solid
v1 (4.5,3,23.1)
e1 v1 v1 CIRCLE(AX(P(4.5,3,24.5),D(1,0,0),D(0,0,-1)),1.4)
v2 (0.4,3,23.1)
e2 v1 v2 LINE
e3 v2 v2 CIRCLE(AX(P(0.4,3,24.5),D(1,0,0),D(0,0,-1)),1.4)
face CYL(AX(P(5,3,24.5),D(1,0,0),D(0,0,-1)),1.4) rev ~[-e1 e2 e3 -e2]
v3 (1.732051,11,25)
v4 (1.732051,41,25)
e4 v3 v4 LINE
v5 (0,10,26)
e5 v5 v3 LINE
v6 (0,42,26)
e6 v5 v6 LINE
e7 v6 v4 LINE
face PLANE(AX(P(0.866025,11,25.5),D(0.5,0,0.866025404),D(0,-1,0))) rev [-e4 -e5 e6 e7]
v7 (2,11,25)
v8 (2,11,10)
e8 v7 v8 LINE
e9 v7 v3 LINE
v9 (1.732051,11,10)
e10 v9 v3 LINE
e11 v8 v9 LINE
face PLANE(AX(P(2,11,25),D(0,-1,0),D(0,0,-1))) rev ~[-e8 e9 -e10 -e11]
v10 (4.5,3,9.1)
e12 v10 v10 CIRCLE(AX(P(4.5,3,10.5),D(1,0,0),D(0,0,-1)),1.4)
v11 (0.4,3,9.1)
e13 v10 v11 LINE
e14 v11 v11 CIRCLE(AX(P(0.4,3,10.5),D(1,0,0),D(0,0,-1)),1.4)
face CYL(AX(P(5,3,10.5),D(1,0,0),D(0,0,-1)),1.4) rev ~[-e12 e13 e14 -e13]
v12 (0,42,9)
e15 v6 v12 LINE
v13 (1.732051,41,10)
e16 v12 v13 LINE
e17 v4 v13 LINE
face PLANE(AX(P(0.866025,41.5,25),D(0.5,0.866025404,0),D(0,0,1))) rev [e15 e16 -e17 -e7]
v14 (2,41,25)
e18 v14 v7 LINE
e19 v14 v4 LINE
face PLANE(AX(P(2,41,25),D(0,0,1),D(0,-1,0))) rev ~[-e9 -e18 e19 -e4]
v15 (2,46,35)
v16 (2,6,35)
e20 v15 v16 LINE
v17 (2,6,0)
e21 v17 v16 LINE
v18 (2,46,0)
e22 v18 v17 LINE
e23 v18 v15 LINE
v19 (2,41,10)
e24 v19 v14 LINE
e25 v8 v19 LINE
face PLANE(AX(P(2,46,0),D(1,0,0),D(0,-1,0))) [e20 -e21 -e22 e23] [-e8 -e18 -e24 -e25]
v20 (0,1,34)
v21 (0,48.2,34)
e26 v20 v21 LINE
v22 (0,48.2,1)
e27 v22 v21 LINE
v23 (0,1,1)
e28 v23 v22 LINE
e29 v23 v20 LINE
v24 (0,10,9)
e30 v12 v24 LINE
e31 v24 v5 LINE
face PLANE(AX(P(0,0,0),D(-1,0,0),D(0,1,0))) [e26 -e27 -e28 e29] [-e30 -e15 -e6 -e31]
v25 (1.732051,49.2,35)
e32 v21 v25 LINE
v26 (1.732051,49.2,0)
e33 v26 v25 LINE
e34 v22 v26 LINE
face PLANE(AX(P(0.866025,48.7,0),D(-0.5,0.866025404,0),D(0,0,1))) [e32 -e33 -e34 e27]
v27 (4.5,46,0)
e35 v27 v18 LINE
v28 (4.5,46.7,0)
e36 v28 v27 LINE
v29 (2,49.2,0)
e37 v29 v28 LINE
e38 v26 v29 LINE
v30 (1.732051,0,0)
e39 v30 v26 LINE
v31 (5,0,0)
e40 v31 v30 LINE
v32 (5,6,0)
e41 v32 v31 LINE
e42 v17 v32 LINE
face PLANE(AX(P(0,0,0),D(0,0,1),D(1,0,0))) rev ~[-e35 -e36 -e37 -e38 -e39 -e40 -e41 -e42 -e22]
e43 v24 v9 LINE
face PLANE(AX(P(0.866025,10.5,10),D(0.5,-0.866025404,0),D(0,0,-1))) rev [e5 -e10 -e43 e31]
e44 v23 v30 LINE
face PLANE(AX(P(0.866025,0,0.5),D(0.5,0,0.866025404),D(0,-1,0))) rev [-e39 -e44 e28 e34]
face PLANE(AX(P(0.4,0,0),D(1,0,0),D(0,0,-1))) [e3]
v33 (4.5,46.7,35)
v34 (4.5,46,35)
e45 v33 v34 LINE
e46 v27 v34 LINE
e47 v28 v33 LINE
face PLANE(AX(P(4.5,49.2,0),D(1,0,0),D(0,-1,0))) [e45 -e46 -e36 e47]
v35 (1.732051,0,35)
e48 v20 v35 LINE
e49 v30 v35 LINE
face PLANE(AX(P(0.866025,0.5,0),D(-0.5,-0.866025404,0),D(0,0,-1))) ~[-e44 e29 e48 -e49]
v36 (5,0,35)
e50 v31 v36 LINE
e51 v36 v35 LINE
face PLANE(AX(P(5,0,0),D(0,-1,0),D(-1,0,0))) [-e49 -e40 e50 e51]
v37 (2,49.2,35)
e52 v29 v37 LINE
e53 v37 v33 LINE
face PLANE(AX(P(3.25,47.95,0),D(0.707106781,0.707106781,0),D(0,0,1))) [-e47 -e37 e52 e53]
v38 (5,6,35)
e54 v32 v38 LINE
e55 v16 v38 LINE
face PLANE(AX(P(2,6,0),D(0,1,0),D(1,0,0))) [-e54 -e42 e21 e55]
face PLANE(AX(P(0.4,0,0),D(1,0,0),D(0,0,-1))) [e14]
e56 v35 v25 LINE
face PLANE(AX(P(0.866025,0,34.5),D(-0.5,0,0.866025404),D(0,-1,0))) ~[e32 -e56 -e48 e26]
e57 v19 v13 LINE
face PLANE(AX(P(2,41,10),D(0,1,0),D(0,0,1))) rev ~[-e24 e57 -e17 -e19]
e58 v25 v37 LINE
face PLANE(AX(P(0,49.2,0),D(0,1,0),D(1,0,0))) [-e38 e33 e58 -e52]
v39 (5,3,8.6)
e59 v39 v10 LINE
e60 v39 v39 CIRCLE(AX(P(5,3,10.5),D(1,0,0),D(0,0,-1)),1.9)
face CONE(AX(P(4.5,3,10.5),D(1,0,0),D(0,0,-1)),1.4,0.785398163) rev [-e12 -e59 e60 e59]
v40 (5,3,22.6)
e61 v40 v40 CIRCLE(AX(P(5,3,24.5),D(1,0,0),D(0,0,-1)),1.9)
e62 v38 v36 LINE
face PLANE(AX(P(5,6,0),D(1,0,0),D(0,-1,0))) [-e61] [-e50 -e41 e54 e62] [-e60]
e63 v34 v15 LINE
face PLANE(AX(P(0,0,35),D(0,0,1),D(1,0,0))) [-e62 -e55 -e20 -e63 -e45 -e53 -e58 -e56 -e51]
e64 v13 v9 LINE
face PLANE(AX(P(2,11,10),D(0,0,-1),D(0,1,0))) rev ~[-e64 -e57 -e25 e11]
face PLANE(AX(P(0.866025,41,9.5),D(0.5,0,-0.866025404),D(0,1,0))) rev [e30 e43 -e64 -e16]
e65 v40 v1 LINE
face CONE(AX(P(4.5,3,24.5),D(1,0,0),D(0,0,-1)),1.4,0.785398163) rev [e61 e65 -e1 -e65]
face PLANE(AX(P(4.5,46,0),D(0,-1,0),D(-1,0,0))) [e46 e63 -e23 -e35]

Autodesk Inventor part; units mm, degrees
ref_plane "YZ Plane" through (0, 0, 0) normal (1, 0, 0) x (0, 1, 0)
ref_plane "XZ Plane" through (0, 0, 0) normal (0, 1, 0) x (-1, 0, 0)
ref_plane "XY Plane" through (0, 0, 0) normal (0, 0, 1) x (1, 0, 0)
sketch "Эскиз1" plane through (0, 0, 0) normal (0, 0, 1) x (1, 0, 0)
  line L0 (0, 0) -> (0, 49.2)
  line L1 (0, 49.2) -> (4.5, 49.2)
  line L2 (4.5, 49.2) -> (4.5, 46)
  line L3 (4.5, 46) -> (2, 46)
  line L4 (2, 46) -> (2, 6)
  line L5 (2, 6) -> (5, 6)
  line L6 (5, 6) -> (5, 0)
  line L7 (5, 0) -> (0, 0)
  dimension "d1" = 3
  dimension "d2" = 2.5
  dimension "d3" = 2
  dimension "d4" = 6
  dimension "d6" = 3.2
  dimension "d17" = 40
extrude "Выдавливание1" add sketch "Эскиз1" along normal blind 35
sketch "Эскиз2" plane through (5, 0, 0) normal (1, 0, 0) x (0, 0, -1)
  circle A0 centre (-24.5, 3) radius 1.4
  circle A1 centre (-10.5, 3) radius 1.4
  line L0 (0, 0) -> (-35, 0) projected
  line L1 (0, 0) -> (-35, 0) projected
  line L2 (0, 6) -> (-35, 6) projected
  point P0 (-17.5, 0)
  dimension "d9" = 2.8
  dimension "d10" = 2.8
  dimension "d11" = 14
  dimension "d12" = 7
  dimension "d13" = 3
  dimension "d14" = 6
extrude "Выдавливание2" cut sketch "Эскиз2" against normal blind 4.6
chamfer "Фаска1" distance 2.5 angle 45 1 edges at (4.5, 49.2, 17.5) measured on face at (4.5, 47.0667, 11.6667)
chamfer "Фаска2" distance 1 angle 60 4 edges at (0, 0, 17.5) (0, 49.2, 17.5) (0, 24.6, 0) (0, 24.6, 35) measured on face at (0, 32.8, 11.6667)
sketch "Эскиз3" plane through (2, 6, 0) normal (1, 0, 0) x (0, 0, -1)
  line L0 (-25, 5) -> (-10, 5)
  line L1 (-10, 5) -> (-10, 35)
  line L2 (-10, 35) -> (-25, 35)
  line L3 (-25, 35) -> (-25, 5)
  line L4 (-35, 0) -> (-35, 40) projected
  line L5 (0, 0) -> (0, 40) projected
  line L6 (0, 40) -> (-35, 40) projected
  point P0 (0, -6)
  dimension "d24" = 15
  dimension "d25" = 30
  dimension "d26" = 40
  dimension "d27" = 35
  dimension "d28" = 10
  dimension "d29" = 5
extrude "Выдавливание3" cut sketch "Эскиз3" against normal through all
chamfer "Фаска3" distance 0.5 angle 45 2 edges at (5, 3, 25.9) (5, 3, 11.9)
chamfer "Фаска4" distance 1 angle 60 4 edges at (0, 26, 10) (0, 11, 17.5) (0, 41, 17.5) (0, 26, 25) measured on face at (0, 20.0667, 31)
equation "\"d13\" = 0.5 * d14"
equation "\"d28\" = -0.5 * d24 + 0.5 * d27"
equation "\"d29\" = -0.5 * d25 + 0.5 * d26"
properties part number "Скоба"
